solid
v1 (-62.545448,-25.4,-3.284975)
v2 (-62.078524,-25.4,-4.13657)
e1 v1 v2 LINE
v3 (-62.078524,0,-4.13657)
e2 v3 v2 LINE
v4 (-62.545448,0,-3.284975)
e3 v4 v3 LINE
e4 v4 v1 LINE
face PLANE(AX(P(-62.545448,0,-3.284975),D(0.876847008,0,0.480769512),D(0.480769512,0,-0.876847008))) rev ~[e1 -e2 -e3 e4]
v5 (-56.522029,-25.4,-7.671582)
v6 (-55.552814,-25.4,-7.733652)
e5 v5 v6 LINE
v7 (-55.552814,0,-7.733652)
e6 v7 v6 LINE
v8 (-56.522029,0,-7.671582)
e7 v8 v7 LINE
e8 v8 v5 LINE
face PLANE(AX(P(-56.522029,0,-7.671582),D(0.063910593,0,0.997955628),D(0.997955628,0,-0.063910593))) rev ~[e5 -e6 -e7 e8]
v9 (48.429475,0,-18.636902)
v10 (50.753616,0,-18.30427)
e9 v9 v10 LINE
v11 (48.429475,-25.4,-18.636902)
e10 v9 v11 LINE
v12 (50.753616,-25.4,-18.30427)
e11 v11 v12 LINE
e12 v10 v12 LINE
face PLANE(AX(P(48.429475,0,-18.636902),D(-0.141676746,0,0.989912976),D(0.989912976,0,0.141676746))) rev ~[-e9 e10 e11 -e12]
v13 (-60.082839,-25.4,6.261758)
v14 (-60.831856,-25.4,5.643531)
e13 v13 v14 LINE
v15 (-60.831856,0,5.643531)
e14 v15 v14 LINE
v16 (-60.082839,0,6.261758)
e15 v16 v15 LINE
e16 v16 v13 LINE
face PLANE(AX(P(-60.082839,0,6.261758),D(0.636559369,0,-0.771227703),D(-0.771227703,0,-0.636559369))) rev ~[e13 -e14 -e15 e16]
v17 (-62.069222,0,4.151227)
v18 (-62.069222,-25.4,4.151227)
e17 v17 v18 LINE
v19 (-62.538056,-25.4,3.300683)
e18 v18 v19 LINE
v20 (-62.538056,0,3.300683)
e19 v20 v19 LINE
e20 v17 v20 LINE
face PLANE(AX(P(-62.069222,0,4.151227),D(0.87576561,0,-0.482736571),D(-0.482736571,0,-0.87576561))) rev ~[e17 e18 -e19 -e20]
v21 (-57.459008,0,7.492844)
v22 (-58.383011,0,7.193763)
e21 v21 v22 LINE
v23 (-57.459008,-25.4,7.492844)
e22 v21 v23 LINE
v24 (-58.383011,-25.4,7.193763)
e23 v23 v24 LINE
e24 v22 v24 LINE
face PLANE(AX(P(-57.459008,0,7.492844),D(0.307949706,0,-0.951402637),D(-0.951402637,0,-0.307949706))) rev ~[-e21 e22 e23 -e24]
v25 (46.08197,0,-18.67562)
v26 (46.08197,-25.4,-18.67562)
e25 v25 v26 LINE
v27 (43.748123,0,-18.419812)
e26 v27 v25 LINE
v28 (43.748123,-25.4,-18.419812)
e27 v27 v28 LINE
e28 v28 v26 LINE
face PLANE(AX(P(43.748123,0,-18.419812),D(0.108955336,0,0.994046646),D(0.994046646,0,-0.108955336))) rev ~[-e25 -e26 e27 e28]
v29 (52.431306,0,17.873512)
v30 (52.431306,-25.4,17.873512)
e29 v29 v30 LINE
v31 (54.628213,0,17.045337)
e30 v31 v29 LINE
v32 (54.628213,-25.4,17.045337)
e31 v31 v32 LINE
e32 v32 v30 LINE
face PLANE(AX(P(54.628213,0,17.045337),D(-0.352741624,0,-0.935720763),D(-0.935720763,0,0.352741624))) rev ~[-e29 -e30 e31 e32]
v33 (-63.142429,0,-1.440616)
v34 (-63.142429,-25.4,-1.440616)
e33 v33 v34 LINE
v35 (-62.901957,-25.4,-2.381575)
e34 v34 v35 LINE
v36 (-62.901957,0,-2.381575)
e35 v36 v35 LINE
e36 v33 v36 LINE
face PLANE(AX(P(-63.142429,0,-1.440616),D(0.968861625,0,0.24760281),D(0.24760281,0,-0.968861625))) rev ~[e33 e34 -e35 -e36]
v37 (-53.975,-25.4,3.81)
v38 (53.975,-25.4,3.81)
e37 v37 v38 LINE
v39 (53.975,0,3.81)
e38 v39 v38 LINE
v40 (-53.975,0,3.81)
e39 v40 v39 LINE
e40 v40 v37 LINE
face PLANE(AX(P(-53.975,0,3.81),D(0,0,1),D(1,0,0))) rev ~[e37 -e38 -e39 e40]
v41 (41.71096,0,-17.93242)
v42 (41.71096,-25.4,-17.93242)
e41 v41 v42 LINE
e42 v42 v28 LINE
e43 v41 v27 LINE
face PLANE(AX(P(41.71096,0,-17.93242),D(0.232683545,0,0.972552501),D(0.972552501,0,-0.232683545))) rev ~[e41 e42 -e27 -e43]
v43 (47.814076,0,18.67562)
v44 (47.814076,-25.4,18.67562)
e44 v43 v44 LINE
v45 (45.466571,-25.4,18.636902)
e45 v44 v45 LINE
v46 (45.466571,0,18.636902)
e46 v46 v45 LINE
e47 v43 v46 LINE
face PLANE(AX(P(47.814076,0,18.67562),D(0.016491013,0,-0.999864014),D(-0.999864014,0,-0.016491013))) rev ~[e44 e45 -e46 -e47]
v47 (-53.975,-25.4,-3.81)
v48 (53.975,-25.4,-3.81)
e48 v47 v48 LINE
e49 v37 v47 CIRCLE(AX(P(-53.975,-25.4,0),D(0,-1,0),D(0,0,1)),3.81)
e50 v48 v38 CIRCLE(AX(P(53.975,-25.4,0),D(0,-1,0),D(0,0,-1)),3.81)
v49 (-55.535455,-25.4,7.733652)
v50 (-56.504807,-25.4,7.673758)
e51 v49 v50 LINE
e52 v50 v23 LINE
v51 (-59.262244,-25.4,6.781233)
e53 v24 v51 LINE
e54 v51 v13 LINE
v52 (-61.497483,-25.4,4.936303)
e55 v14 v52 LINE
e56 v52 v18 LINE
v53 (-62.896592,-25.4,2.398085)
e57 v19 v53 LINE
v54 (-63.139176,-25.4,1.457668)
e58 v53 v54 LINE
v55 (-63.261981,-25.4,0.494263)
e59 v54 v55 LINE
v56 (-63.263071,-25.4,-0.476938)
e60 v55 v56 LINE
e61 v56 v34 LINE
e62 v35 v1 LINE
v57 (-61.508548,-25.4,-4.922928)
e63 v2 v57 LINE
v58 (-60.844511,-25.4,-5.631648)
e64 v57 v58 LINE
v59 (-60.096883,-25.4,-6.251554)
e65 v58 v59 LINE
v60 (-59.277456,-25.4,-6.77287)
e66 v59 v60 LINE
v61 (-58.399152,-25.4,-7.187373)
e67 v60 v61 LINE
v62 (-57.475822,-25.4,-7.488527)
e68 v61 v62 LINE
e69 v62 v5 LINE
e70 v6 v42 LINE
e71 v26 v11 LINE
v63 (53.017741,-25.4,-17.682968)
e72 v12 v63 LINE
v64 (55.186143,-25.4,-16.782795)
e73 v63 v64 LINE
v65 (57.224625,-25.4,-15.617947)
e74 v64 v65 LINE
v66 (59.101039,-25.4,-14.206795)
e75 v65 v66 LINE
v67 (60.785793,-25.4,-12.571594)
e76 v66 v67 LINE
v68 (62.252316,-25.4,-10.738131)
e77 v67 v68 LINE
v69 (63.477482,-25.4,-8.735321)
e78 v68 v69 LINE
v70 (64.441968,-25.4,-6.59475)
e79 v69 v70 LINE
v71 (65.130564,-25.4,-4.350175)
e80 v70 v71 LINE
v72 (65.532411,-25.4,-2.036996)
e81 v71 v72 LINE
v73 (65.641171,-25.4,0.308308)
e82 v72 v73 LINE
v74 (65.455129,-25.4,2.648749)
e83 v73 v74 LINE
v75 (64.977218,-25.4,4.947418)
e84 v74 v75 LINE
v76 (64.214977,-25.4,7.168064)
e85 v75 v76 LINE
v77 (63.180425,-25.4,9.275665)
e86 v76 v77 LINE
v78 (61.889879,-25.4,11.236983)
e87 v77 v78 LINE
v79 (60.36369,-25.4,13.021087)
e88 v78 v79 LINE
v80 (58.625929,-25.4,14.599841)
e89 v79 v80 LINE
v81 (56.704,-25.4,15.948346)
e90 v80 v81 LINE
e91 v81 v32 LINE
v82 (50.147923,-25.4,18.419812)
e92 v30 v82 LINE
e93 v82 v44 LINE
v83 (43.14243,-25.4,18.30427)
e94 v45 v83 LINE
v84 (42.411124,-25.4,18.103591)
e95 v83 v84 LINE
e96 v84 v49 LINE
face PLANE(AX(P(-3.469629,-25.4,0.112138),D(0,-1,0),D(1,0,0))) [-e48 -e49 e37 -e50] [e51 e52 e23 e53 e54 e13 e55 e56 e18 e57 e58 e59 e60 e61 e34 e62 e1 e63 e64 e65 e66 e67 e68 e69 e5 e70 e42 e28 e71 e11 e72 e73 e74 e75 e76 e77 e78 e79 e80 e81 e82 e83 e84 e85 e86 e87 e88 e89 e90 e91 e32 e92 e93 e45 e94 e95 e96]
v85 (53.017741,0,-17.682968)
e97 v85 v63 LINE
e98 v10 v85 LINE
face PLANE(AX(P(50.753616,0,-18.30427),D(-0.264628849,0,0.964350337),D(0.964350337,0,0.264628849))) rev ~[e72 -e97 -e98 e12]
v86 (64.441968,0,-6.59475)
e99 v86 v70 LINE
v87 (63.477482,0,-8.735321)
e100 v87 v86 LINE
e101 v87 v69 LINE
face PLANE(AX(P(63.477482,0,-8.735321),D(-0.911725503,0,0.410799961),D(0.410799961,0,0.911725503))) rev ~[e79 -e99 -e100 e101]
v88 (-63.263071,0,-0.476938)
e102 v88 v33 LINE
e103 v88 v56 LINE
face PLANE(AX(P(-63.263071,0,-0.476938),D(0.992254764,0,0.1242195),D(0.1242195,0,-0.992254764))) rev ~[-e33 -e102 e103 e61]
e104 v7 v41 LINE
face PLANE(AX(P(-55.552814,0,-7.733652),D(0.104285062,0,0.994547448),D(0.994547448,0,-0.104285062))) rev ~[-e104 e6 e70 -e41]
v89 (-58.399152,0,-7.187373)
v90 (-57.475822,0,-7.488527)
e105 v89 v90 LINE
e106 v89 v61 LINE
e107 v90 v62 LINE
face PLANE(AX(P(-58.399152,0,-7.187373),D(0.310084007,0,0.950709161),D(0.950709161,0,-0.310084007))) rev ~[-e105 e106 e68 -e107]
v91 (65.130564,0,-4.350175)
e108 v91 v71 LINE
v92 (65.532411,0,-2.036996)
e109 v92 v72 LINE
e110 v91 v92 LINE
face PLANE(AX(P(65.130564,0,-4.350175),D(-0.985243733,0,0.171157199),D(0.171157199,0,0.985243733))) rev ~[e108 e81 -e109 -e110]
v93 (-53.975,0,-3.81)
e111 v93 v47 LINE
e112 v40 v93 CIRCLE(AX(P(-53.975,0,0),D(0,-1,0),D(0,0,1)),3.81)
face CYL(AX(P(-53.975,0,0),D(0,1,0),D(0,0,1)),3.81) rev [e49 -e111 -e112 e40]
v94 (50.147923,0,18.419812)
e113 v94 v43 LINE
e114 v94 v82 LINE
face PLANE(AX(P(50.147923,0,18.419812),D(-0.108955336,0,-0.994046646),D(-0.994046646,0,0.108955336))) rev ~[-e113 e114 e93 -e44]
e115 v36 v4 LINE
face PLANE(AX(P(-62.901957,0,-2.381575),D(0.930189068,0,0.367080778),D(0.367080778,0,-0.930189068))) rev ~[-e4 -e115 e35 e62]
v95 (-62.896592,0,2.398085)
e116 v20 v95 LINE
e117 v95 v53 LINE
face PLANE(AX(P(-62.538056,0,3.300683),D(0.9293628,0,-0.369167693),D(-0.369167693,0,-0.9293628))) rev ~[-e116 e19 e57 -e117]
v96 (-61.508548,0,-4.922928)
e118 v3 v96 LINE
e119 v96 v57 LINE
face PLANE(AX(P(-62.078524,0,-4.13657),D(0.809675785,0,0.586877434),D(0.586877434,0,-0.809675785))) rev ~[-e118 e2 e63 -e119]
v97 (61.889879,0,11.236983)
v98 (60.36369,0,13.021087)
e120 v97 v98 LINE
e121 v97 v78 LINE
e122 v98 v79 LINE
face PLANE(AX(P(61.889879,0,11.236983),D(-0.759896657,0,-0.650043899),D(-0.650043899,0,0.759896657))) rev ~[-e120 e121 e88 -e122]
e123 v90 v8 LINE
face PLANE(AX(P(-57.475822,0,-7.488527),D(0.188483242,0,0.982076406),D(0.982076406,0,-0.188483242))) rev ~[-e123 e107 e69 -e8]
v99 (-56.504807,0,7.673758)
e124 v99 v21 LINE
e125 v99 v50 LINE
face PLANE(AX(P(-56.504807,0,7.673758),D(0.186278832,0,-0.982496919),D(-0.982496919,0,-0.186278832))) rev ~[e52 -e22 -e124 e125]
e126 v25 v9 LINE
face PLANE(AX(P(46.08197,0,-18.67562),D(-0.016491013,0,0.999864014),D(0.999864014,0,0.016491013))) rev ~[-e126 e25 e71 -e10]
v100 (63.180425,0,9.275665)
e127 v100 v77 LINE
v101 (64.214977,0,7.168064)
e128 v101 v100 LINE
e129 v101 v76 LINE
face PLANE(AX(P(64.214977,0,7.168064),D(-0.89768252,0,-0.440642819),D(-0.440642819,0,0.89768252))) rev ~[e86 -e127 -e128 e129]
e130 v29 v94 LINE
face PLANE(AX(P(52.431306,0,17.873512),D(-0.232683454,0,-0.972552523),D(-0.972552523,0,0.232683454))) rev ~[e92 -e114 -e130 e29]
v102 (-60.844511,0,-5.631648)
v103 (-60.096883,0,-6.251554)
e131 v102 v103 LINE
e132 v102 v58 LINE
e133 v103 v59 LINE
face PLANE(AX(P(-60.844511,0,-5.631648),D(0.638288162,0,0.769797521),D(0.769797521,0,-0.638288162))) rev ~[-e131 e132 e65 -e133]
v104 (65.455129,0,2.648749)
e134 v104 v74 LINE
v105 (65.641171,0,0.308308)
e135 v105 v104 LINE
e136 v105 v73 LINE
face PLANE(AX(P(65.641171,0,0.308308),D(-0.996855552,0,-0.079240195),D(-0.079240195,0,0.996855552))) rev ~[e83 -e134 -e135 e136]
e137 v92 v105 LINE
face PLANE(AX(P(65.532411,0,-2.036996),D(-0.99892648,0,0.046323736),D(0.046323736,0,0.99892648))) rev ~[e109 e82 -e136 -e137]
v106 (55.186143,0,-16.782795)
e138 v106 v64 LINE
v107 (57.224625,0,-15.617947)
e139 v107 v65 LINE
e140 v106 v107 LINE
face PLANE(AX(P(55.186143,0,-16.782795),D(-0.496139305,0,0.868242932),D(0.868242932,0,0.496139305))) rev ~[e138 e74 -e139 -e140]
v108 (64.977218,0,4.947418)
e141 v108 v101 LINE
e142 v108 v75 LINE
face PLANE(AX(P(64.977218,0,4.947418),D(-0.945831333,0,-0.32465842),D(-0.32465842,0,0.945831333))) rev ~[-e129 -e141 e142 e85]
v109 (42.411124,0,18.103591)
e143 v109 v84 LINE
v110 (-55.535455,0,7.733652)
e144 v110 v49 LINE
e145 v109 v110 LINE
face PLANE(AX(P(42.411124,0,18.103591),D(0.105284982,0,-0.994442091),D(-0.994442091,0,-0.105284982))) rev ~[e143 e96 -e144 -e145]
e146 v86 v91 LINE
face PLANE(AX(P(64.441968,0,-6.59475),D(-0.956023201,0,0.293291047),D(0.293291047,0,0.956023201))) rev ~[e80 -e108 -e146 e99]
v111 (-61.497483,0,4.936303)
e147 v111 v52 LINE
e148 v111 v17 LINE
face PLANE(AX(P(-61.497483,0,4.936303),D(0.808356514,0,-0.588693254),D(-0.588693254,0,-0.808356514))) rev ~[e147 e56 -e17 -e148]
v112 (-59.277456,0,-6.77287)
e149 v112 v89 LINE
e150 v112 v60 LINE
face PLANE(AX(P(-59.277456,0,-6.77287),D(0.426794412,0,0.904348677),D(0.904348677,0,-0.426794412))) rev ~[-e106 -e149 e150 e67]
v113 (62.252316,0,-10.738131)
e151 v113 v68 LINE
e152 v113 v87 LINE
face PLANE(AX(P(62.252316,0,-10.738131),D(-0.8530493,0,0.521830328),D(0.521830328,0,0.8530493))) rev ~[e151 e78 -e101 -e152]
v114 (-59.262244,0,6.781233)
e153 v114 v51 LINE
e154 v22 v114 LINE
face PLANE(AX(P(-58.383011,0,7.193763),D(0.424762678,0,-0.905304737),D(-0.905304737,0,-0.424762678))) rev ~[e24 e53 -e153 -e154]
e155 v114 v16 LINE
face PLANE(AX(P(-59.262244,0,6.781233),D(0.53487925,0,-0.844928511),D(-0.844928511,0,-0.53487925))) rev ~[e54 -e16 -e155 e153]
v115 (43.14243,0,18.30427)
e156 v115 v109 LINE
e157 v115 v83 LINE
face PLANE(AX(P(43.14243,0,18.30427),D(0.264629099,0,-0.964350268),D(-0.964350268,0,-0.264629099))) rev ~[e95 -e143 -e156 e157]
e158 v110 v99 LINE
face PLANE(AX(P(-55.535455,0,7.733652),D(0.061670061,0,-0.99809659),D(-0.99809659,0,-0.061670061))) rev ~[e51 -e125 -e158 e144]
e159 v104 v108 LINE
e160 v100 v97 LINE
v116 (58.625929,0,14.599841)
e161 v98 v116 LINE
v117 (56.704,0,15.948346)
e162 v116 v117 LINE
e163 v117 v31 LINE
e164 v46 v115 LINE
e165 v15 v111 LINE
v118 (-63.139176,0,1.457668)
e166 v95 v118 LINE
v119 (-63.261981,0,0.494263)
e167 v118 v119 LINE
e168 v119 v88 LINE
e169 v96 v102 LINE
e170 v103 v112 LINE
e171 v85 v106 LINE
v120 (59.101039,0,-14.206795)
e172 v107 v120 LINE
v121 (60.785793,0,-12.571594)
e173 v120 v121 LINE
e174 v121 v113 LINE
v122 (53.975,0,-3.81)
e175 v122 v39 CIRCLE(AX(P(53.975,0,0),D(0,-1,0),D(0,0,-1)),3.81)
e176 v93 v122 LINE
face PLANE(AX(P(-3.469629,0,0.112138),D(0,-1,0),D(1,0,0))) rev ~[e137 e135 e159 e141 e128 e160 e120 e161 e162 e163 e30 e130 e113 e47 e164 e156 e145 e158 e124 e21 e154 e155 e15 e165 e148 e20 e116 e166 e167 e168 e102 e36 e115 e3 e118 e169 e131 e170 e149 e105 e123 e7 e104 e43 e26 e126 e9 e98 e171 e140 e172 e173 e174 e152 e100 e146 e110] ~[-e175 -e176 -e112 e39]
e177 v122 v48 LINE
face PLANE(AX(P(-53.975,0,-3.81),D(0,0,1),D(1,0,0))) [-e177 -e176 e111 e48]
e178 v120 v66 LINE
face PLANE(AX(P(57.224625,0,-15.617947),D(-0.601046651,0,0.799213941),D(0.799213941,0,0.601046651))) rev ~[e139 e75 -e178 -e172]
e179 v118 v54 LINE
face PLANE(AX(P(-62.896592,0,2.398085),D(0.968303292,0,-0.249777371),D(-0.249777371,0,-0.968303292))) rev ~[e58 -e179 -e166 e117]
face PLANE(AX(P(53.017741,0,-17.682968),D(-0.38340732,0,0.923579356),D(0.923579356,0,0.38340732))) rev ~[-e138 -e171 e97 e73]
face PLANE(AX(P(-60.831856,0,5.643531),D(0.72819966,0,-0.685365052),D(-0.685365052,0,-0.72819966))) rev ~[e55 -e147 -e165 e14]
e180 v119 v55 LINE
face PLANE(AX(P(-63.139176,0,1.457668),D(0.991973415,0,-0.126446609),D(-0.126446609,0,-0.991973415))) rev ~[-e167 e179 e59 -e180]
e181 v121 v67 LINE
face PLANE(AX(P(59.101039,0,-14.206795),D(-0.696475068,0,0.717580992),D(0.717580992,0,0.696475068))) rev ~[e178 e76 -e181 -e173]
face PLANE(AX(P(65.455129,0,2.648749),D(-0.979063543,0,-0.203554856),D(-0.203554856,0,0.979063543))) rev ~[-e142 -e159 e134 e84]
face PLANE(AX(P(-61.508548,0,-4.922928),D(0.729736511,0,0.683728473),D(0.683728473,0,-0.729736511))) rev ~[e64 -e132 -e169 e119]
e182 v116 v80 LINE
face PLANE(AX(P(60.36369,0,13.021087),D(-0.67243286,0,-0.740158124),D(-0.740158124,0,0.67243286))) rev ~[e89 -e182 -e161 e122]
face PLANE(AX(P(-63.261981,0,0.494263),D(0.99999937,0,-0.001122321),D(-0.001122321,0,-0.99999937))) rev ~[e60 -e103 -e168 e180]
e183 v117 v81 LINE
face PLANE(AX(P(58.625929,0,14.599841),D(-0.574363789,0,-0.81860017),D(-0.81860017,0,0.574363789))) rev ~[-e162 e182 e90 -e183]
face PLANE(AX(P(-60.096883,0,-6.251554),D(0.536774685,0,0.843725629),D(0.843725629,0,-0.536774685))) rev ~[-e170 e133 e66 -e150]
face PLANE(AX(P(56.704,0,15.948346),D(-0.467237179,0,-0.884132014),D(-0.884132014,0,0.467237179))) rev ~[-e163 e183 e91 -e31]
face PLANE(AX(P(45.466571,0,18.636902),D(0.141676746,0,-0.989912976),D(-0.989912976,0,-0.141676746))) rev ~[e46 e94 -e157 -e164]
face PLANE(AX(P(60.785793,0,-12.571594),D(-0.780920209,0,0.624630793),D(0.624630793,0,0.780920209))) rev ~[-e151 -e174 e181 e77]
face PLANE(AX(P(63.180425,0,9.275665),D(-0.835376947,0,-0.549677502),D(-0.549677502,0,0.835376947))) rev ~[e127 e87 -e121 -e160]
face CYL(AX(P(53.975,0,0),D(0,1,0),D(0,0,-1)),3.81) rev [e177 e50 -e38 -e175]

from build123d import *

# Parameters (mm, degrees)
F1_DEPTH = 25.4
F2_W     = 107.95
F2_H     = 7.62
F3_DEPTH = 25.4


with BuildPart() as f1:
    # F0 (on Front) → F1 (new body)
    with BuildSketch(Plane.XZ):
        Polygon((34.795007, 14.206795), (36.671421, 15.617947), (38.709903, 16.782795), (40.878305, 17.682968), (42.411124, 18.103591), (-55.535455, 7.733652), (-54.566239, 7.671582), (-53.612446, 7.488527), (-52.689117, 7.187373), (-51.810813, 6.77287), (-50.991386, 6.251554), (-50.243758, 5.631648), (-49.57972, 4.922928), (-49.009745, 4.13657), (-48.542821, 3.284975), (-48.186312, 2.381575), (-47.94584, 1.440616), (-47.825198, 0.476938), (-47.826288, -0.494263), (-47.949093, -1.457668), (-48.191676, -2.398085), (-48.550212, -3.300683), (-49.019046, -4.151227), (-49.590785, -4.936303), (-50.256412, -5.643531), (-51.005429, -6.261758), (-51.826025, -6.781233), (-52.705257, -7.193763), (-53.62926, -7.492844), (-54.583462, -7.673758), (-55.552814, -7.733652), (41.71096, -17.93242), (41.464741, -17.873512), (39.267833, -17.045337), (37.192046, -15.948346), (35.270117, -14.599841), (33.532356, -13.021087), (32.006168, -11.236983), (30.715621, -9.275665), (29.681069, -7.168064), (28.918828, -4.947418), (28.440918, -2.648749), (28.254875, -0.308308), (28.363635, 2.036996), (28.765482, 4.350175), (29.454078, 6.59475), (30.418564, 8.735321), (31.64373, 10.738131), (33.110254, 12.571594), align=None)
        Polygon((38.709903, 16.782795), (36.671421, 15.617947), (34.795007, 14.206795), (33.110254, 12.571594), (31.64373, 10.738131), (30.418564, 8.735321), (29.454078, 6.59475), (28.765482, 4.350175), (28.363635, 2.036996), (28.254875, -0.308308), (28.440918, -2.648749), (28.918828, -4.947418), (29.681069, -7.168064), (30.715621, -9.275665), (32.006168, -11.236983), (33.532356, -13.021087), (35.270117, -14.599841), (37.192046, -15.948346), (39.267833, -17.045337), (41.464741, -17.873512), (41.71096, -17.93242), (48.429475, -18.636902), (50.753616, -18.30427), (53.017741, -17.682968), (55.186143, -16.782795), (57.224625, -15.617947), (59.101039, -14.206795), (60.785793, -12.571594), (62.252316, -10.738131), (63.477482, -8.735321), (64.441968, -6.59475), (65.130564, -4.350175), (65.532411, -2.036996), (65.641171, 0.308308), (65.455129, 2.648749), (64.977218, 4.947418), (64.214977, 7.168064), (63.180425, 9.275665), (61.889879, 11.236983), (60.36369, 13.021087), (58.625929, 14.599841), (56.704, 15.948346), (54.628213, 17.045337), (52.431306, 17.873512), (50.147923, 18.419812), (47.814076, 18.67562), (42.411124, 18.103591), (40.878305, 17.682968), align=None)
        Polygon((43.14243, 18.30427), (42.411124, 18.103591), (47.814076, 18.67562), (45.466571, 18.636902), align=None)
        Polygon((-54.566239, 7.671582), (-55.535455, 7.733652), (-56.504807, 7.673758), (-57.459008, 7.492844), (-58.383011, 7.193763), (-59.262244, 6.781233), (-60.082839, 6.261758), (-60.831856, 5.643531), (-61.497483, 4.936303), (-62.069222, 4.151227), (-62.538056, 3.300683), (-62.896592, 2.398085), (-63.139176, 1.457668), (-63.261981, 0.494263), (-63.263071, -0.476938), (-63.142429, -1.440616), (-62.901957, -2.381575), (-62.545448, -3.284975), (-62.078524, -4.13657), (-61.508548, -4.922928), (-60.844511, -5.631648), (-60.096883, -6.251554), (-59.277456, -6.77287), (-58.399152, -7.187373), (-57.475822, -7.488527), (-56.522029, -7.671582), (-55.552814, -7.733652), (-54.583462, -7.673758), (-53.62926, -7.492844), (-52.705257, -7.193763), (-51.826025, -6.781233), (-51.005429, -6.261758), (-50.256412, -5.643531), (-49.590785, -4.936303), (-49.019046, -4.151227), (-48.550212, -3.300683), (-48.191676, -2.398085), (-47.949093, -1.457668), (-47.826288, -0.494263), (-47.825198, 0.476938), (-47.94584, 1.440616), (-48.186312, 2.381575), (-48.542821, 3.284975), (-49.009745, 4.13657), (-49.57972, 4.922928), (-50.243758, 5.631648), (-50.991386, 6.251554), (-51.810813, 6.77287), (-52.689117, 7.187373), (-53.612446, 7.488527), align=None)
        Polygon((48.429475, -18.636902), (41.71096, -17.93242), (43.748123, -18.419812), (46.08197, -18.67562), align=None)
    extrude(amount=F1_DEPTH)

    # F2 (on Front) → F3 (cut)
    with BuildSketch(Plane.XZ):
        Rectangle(F2_W, F2_H)
        with BuildLine():
            Line((-53.975, -3.81), (-53.975, 3.81))
            ThreePointArc((-53.975, 3.81), (-57.785, 0), (-53.975, -3.81))
        make_face()
        with BuildLine():
            ThreePointArc((53.975, -3.81), (57.785, 0), (53.975, 3.81))
            Line((53.975, 3.81), (53.975, -3.81))
        make_face()
    extrude(amount=F3_DEPTH, mode=Mode.SUBTRACT)


solid = f1.part
